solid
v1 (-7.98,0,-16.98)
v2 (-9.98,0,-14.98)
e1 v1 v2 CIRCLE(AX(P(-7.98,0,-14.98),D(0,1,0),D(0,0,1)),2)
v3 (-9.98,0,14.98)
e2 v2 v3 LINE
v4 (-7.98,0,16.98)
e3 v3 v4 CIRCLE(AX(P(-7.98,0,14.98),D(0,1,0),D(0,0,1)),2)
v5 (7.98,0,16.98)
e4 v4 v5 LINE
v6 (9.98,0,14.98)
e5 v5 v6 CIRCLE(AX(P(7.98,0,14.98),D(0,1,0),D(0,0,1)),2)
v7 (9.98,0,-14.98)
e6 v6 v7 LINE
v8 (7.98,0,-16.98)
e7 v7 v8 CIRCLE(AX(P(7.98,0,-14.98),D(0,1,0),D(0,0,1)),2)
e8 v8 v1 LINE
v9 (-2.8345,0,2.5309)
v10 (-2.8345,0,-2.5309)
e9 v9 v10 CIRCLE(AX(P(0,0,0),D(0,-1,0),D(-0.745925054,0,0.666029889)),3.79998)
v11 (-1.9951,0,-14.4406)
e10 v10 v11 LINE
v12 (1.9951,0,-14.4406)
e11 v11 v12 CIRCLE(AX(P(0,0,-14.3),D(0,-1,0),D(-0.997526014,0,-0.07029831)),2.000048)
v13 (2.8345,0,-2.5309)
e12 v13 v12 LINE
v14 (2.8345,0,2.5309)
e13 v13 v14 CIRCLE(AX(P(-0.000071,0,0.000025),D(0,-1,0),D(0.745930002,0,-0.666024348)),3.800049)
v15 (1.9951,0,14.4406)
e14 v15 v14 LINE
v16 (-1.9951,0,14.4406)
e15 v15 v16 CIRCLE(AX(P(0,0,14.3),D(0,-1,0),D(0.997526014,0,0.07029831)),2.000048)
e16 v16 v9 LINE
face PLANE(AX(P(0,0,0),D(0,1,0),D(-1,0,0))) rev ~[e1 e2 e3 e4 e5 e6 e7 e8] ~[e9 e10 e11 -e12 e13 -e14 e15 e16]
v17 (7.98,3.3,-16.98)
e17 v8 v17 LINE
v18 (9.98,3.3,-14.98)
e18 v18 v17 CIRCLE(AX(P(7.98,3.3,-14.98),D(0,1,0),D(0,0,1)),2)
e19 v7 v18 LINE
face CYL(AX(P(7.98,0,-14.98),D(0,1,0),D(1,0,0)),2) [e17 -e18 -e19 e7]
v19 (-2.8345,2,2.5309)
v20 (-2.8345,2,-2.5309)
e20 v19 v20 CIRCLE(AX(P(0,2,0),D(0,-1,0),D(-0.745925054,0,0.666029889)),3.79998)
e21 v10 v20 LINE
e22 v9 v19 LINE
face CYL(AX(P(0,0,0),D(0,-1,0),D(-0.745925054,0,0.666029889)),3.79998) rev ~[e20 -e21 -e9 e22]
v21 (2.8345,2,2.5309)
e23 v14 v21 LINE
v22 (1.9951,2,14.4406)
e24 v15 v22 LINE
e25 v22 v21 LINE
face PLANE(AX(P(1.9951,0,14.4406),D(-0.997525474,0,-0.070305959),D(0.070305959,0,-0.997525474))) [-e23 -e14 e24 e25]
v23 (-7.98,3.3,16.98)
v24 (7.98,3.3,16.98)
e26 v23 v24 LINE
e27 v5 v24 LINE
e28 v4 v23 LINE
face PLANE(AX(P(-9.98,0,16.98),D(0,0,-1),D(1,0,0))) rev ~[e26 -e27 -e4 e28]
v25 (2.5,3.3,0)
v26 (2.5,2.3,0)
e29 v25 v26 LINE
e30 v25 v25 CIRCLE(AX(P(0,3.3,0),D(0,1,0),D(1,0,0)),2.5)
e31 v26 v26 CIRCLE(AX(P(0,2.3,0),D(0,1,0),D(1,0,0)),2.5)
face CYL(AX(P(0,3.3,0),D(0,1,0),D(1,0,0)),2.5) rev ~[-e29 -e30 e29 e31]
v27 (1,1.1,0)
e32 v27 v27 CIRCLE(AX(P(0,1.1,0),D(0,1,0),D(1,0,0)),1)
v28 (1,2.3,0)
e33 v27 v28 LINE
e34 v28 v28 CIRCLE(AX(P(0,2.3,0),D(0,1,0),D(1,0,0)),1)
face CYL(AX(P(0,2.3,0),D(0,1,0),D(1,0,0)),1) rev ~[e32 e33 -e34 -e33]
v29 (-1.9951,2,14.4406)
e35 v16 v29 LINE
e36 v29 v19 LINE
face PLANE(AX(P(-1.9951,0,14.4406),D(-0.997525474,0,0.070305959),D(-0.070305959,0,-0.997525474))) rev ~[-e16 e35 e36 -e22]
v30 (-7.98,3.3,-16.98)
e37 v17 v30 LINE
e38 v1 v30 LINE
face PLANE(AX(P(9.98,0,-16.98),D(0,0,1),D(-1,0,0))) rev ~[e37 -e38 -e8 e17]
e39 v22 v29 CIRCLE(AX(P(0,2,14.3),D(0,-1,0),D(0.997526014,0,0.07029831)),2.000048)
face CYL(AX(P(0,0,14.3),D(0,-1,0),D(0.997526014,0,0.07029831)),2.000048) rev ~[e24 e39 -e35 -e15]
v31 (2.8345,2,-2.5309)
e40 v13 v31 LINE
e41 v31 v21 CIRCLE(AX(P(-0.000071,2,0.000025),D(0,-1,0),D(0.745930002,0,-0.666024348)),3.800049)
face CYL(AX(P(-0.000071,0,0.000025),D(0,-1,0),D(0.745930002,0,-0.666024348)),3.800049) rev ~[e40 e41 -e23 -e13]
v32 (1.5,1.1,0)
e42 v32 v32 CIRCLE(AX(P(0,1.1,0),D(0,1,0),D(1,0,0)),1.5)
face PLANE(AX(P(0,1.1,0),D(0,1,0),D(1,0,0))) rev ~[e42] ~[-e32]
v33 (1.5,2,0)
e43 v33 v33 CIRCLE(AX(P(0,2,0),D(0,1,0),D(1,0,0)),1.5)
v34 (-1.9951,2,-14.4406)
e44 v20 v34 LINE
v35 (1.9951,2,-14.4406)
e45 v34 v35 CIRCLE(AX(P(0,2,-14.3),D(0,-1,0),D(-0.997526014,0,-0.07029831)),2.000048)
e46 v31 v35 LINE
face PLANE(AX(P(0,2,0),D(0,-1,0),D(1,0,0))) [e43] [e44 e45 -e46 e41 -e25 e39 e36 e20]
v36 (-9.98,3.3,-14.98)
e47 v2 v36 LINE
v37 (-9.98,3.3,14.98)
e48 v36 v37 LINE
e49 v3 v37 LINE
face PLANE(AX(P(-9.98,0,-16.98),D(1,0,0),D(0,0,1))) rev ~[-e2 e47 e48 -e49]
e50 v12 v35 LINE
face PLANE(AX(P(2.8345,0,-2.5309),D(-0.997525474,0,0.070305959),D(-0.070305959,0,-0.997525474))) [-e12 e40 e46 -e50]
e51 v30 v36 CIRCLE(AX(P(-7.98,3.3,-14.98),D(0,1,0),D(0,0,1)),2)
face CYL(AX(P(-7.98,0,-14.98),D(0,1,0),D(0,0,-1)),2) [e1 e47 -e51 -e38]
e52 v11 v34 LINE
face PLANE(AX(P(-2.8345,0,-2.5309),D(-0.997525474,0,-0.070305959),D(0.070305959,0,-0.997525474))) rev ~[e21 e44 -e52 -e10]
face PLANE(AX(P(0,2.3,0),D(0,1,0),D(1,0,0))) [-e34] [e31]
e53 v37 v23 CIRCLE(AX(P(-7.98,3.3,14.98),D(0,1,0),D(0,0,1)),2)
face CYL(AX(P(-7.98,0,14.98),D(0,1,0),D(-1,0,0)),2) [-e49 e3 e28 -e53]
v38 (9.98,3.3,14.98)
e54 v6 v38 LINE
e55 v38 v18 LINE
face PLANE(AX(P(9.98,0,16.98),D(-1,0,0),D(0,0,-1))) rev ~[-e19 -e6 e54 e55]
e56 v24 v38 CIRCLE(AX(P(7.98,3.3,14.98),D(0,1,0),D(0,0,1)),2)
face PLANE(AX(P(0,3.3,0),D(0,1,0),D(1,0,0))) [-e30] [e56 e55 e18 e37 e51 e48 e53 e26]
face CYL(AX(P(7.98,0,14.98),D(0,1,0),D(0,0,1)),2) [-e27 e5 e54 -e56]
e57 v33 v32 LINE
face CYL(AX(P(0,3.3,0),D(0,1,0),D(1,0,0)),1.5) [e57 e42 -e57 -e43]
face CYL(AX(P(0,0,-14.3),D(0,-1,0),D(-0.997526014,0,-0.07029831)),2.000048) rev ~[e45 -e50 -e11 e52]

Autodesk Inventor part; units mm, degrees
ref_plane "YZ Plane" through (0, 0, 0) normal (1, 0, 0) x (0, 1, 0)
ref_plane "XZ Plane" through (0, 0, 0) normal (0, 1, 0) x (-1, 0, 0)
ref_plane "XY Plane" through (0, 0, 0) normal (0, 0, 1) x (1, 0, 0)
sketch "Sketch1" plane through (0, 0, 0) normal (0, 1, 0) x (-1, 0, 0)
  line L0 (9.98, 16.98) -> (-9.98, 16.98)
  line L1 (-9.98, 16.98) -> (-9.98, -16.98)
  line L2 (-9.98, -16.98) -> (9.98, -16.98)
  line L3 (9.98, -16.98) -> (9.98, 16.98)
  line L4 (9.98, 16.98) -> (-9.98, -16.98) construction
  line L5 (-9.98, 16.98) -> (9.98, -16.98) construction
  point P0 (0, 0)
  dimension "d0" = 33.96
  dimension "d1" = 19.96
extrude "arm-horn" add sketch "Sketch1" along normal blind 3.3
fillet "Fillet1" radius 2 1 edges at (-9.98, 1.65, 16.98)
fillet "Fillet2" radius 2 1 edges at (9.98, 1.65, 16.98)
fillet "Fillet3" radius 2 1 edges at (9.98, 1.65, -16.98)
fillet "Fillet4" radius 2 1 edges at (-9.98, 1.65, -16.98)
sketch "Sketch3" plane through (0, 0, 0) normal (0, -1, 0) x (1, 0, 0)
  arc A0 (-2.612, 2.76) -> (-2.8345, 2.5309) centre (0, 0) ccw construction
  arc A1 (-1.9951, -14.4406) -> (1.9951, -14.4406) centre (0, -14.3) ccw
  arc A2 (0, 12.3) -> (1.9951, 14.4406) centre (0, 14.3) ccw construction
  line L0 (1.9951, 14.4406) -> (2.8345, 2.5309)
  line L1 (-1.9951, 14.4406) -> (-2.8345, 2.5309)
  line L2 (-2.8345, -2.5309) -> (-1.9951, -14.4406)
  line L3 (2.8345, -2.5309) -> (1.9951, -14.4406)
  circle A3 centre (0, -1.5) radius 2.9 construction
  arc A4 (-2.612, 2.76) -> (-2.8928, 1.7039) centre (0, 1.5) ccw construction
  line L4 (-7.98, 16.98) -> (7.98, 16.98) construction
  line L5 (0, 16.98) -> (0, -18.0608) construction
  line L6 (7.98, -16.98) -> (-7.98, -16.98) construction
  arc A5 (0, 4.4) -> (-2.612, 2.76) centre (0, 1.5) ccw construction
  arc A6 (2.612, 2.76) -> (0, 4.4) centre (0, 1.5) ccw construction
  arc A7 (0, 3.8) -> (-2.612, 2.76) centre (0, 0) ccw construction
  arc A8 (2.612, 2.76) -> (0, 3.8) centre (0, 0) ccw construction
  arc A9 (-2.8928, 1.7039) -> (-2.4819, 0) centre (0, 1.5) ccw construction
  arc A10 (-2.4819, 0) -> (2.4819, 0) centre (0, 1.5) ccw construction
  arc A11 (2.4819, 0) -> (2.8928, 1.7039) centre (0, 1.5) ccw construction
  arc A12 (2.8928, 1.7039) -> (2.612, 2.76) centre (0, 1.5) ccw construction
  line L7 (-2.8345, 2.5309) -> (-2.8928, 1.7039) construction
  arc A13 (-2.8345, 2.5309) -> (-2.8345, -2.5309) centre (0, 0) ccw
  arc A14 (0, -3.8) -> (2.612, -2.76) centre (0, 0) ccw construction
  arc A15 (-2.612, -2.76) -> (0, -3.8) centre (0, 0) ccw construction
  arc A16 (2.612, -2.76) -> (2.8345, -2.5309) centre (0, 0) ccw construction
  arc A17 (-2.8345, -2.5309) -> (-2.612, -2.76) centre (0, 0) ccw construction
  arc A18 (2.8345, -2.5309) -> (2.612, 2.76) centre (0, 0) ccw
  arc A19 (-1.9951, 14.4406) -> (0, 12.3) centre (0, 14.3) ccw construction
  arc A20 (1.9951, 14.4406) -> (-1.9951, 14.4406) centre (0, 14.3) ccw
  arc A21 (0, -12.3) -> (-1.9951, -14.4406) centre (0, -14.3) ccw construction
  arc A22 (1.9951, -14.4406) -> (0, -12.3) centre (0, -14.3) ccw construction
  line L8 (2.8345, 2.5309) -> (2.8928, 1.7039) construction
  point P0 (0, -16.98)
  dimension "d12" = 4
  dimension "d13" = 5.8
  dimension "d14" = 7.6
  dimension "d16" = 1.5
  dimension "d17" = 1.5
  dimension "d18" = 14.3
  dimension "d19" = 14.3
extrude "Extrusion3" cut sketch "Sketch3" against normal blind 2
sketch "Sketch6" plane through (0, 3.3, 0) normal (0, 1, 0) x (1, 0, 0)
  circle A0 centre (0, 0) radius 1
  circle A1 centre (0, 0) radius 1.5
  dimension "d29" = 2
  dimension "d30" = 3
extrude "Extrusion6" add sketch "Sketch6" against normal blind 2.2
sketch "Sketch7" plane through (0, 3.3, 0) normal (0, 1, 0) x (1, 0, 0)
  circle A0 centre (0, 0) radius 2.5
  dimension "d33" = 5
extrude "Extrusion7" cut sketch "Sketch7" against normal blind 1
sketch "Sketch8" plane through (0, 2.3, 0) normal (0, 1, 0) x (1, 0, 0)
  circle A0 centre (0, 0) radius 1
  dimension "d36" = 2
extrude "Extrusion8" cut sketch "Sketch8" against normal up to next
equation "\"d8\" = cornerrad"
equation "\"d9\" = cornerrad"
equation "\"d10\" = cornerrad"
equation "\"d11\" = cornerrad"
equation "\"d19\" = d18"
equation "\"d20\" = armslotd"
equation "\"printer3dtolerance\" = 0.1"
equation "\"wallw\" = 42"
equation "\"wallh\" = 44"
equation "\"cornerrad\" = 2"
equation "\"baseextra\" = 2"
equation "\"wall1_thick\" = 8"
equation "\"wall2_thick\" = 6.4"
equation "\"wall3_thick\" = 4"
equation "\"wall1slot\" = 8.1"
equation "\"wall2slot\" = 6.5"
equation "\"wall3slot\" = 4.1"
equation "\"gap2\" = 28"
equation "\"baseh\" = 79"
equation "\"basew\" = 44"
equation "\"base_thick\" = 6"
equation "\"base_slots_depth\" = 4"
equation "\"servobigcircledia\" = 11.6"
equation "\"servosmallcircledia\" = 5.9"
equation "\"servo9gw\" = 22.8"
equation "\"servomounth\" = 4"
equation "\"servomountsquare\" = 4"
equation "\"servopolygonr\" = 6.1"
equation "\"servopolygonl\" = 5.9"
equation "\"distancefrombottom\" = 34"
equation "\"distancefromleft\" = 22"
equation "\"wall3slotd\" = 2"
equation "\"wall3slotw\" = 36"
equation "\"adapterh\" = 16"
equation "\"adapterw\" = 32"
equation "\"armw\" = 34"
equation "\"armslotd\" = 2"
equation "\"armthick\" = 3"
equation "\"fanhs\" = 9.6"
equation "\"fanhb\" = 11"
equation "\"adapterwallthick\" = 6"
equation "\"adapterwallslotd\" = 2"
equation "\"armhornthick\" = 3"
equation "\"hornscrewholed\" = 2"
equation "\"hornthick\" = 1.5"
equation "\"hornscrewheadd\" = 3"
properties part number "arm-slot"
